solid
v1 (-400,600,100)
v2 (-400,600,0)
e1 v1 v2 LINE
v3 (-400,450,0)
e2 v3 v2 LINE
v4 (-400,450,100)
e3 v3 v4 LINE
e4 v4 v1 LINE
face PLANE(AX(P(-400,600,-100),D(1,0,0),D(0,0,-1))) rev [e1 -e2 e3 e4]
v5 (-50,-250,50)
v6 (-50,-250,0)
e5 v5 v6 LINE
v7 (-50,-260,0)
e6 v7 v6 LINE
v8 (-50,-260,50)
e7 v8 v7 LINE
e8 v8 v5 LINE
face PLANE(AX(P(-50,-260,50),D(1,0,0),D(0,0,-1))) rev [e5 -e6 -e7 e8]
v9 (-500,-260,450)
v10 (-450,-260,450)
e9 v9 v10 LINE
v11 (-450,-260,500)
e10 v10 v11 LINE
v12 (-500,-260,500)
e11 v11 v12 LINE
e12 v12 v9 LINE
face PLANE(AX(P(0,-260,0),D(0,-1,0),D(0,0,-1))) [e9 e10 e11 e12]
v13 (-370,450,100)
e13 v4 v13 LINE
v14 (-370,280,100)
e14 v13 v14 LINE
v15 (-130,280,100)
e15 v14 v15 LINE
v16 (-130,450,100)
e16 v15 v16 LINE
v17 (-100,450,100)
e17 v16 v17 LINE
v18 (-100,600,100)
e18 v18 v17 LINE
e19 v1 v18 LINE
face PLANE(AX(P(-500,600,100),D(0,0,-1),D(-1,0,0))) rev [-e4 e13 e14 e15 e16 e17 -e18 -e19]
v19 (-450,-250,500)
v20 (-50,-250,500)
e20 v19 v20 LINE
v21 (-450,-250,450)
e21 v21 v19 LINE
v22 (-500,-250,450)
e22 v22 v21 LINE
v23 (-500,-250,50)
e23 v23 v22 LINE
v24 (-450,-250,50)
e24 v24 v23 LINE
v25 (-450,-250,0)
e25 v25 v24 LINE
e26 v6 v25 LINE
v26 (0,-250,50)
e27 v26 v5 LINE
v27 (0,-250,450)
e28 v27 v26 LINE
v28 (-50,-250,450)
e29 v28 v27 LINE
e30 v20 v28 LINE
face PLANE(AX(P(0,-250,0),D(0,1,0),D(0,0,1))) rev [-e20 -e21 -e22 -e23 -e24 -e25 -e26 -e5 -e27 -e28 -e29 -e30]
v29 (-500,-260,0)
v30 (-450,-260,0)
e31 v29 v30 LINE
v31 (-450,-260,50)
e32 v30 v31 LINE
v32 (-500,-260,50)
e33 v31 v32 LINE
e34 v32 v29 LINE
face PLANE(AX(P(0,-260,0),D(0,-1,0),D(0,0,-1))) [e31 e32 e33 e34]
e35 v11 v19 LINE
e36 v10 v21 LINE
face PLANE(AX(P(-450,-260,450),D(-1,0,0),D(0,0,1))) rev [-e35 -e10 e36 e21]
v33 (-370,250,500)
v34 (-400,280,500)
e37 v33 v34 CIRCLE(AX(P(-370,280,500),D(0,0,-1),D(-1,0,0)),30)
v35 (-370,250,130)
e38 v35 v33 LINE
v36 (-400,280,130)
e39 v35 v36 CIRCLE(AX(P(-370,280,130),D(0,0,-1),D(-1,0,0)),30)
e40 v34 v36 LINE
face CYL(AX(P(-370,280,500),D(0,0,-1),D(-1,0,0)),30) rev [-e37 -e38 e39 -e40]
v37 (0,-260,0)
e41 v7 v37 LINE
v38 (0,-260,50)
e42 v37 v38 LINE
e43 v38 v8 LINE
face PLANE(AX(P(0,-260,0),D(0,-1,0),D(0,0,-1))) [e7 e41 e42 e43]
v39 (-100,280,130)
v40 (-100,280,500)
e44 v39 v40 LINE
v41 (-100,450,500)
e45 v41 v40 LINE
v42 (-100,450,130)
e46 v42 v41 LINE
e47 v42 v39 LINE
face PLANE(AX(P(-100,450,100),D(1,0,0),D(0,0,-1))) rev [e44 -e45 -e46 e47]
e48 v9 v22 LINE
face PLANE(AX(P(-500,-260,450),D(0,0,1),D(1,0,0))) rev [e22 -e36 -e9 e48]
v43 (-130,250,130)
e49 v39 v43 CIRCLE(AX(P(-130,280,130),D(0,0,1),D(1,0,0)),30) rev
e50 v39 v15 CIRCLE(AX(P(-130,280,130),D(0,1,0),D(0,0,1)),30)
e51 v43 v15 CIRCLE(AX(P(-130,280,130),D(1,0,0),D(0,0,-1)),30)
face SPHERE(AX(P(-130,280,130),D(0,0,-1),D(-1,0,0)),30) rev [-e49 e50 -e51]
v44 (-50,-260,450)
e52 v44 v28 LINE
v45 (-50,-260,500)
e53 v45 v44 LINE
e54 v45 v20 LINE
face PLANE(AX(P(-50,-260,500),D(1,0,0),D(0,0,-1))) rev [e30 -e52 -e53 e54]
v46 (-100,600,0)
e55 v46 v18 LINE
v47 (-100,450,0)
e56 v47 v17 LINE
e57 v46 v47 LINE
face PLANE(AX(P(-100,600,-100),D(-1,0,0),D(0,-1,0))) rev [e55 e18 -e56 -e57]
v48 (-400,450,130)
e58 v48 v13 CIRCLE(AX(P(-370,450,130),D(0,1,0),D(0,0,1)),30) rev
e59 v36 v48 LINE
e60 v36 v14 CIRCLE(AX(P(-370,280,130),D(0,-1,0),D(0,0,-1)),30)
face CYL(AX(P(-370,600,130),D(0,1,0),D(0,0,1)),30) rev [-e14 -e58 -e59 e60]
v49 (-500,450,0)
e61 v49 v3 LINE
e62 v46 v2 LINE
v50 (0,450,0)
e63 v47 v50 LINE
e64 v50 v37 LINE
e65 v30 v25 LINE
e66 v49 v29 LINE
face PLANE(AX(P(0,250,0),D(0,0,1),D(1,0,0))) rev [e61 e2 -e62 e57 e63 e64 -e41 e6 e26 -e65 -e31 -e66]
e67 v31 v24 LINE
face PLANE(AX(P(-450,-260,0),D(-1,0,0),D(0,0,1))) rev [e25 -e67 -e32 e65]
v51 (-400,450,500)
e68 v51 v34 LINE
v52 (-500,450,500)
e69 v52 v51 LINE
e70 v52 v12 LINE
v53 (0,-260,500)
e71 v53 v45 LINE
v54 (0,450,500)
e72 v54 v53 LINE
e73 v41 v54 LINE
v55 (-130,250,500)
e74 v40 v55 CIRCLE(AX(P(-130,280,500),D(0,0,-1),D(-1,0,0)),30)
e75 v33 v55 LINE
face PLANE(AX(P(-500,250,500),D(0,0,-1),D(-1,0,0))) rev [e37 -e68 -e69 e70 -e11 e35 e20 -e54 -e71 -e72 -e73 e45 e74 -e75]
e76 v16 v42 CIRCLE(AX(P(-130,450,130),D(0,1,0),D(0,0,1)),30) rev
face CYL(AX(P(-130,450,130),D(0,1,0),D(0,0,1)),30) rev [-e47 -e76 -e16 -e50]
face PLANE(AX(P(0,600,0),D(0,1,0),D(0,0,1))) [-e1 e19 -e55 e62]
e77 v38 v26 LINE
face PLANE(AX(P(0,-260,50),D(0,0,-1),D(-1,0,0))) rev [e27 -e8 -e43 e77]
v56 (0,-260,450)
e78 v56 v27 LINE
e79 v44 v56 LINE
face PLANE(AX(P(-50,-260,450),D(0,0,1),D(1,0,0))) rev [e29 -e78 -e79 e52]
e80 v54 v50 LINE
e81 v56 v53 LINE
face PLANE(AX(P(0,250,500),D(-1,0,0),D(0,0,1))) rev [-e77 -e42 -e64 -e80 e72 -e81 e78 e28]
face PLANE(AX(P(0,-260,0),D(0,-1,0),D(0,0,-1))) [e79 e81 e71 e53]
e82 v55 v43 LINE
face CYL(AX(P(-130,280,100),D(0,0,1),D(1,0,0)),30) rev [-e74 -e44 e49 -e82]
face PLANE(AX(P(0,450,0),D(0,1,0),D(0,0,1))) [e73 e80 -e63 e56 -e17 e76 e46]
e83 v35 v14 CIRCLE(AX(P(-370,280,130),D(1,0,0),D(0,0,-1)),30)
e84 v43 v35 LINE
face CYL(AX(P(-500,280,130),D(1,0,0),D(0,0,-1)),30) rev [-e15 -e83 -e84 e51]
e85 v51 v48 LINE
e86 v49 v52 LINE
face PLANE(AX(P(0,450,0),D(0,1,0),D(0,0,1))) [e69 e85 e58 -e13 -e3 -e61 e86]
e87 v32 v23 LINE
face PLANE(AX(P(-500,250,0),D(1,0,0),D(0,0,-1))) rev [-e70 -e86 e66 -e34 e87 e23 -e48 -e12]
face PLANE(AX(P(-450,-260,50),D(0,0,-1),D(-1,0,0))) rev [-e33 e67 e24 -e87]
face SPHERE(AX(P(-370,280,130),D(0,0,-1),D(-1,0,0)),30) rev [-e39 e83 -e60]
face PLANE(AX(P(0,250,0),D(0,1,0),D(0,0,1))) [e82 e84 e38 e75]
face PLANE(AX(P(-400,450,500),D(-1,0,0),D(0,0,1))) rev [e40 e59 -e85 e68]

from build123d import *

# Parameters (mm, degrees)
SKETCH1_W           = 500
SKETCH1_H           = 500
BOSS_EXTRUDE1_DEPTH = 250
SKETCH2_W           = 500
SKETCH2_H           = 100
BOSS_EXTRUDE2_DEPTH = 350
SKETCH3_W           = 100
SKETCH3_H           = 400
BOSS_EXTRUDE3_DEPTH = 200
SKETCH4_W           = 100
SKETCH4_H           = 400
BOSS_EXTRUDE4_DEPTH = 200
SKETCH5_W           = 100
SKETCH5_H           = 150
CUT_EXTRUDE4_DEPTH  = 200
SKETCH8_W           = 100
SKETCH8_H           = 150
CUT_EXTRUDE5_DEPTH  = 200
FILLET4_R           = 30
FILLET5_R           = 30
FILLET6_R           = 30
SKETCH9_W           = 50
SKETCH9_H           = 50
BOSS_EXTRUDE5_DEPTH = 10


with BuildPart() as part:
    # Sketch1 → Boss-Extrude1 (new body, symmetric)
    with BuildSketch(Plane(origin=(0, 0, 0), x_dir=(1, 0, 0), z_dir=(0, 1, 0))):
        with Locations((-250, -250)):
            Rectangle(SKETCH1_W, SKETCH1_H)
    extrude(amount=BOSS_EXTRUDE1_DEPTH, both=True)

    # Sketch2 → Boss-Extrude2 (add)
    with BuildSketch(Plane(origin=(0, 250, 0), x_dir=(1, 0, 0), z_dir=(0, 1, 0))):
        with Locations((-250, -50)):
            Rectangle(SKETCH2_W, SKETCH2_H)
    extrude(amount=BOSS_EXTRUDE2_DEPTH)

    # Sketch3 → Boss-Extrude3 (add)
    with BuildSketch(Plane(origin=(0, 250, 0), x_dir=(1, 0, 0), z_dir=(0, 1, 0))):
        with Locations((-450, -300)):
            Rectangle(SKETCH3_W, SKETCH3_H)
    extrude(amount=BOSS_EXTRUDE3_DEPTH)

    # Sketch4 → Boss-Extrude4 (add)
    with BuildSketch(Plane(origin=(0, 250, 0), x_dir=(1, 0, 0), z_dir=(0, 1, 0))):
        with Locations((-50, -300)):
            Rectangle(SKETCH4_W, SKETCH4_H)
    extrude(amount=BOSS_EXTRUDE4_DEPTH)

    # Sketch5 → Cut-Extrude4 (cut)
    with BuildSketch(Plane.XY.offset(100)):
        with Locations((-450, 525)):
            Rectangle(SKETCH5_W, SKETCH5_H)
    extrude(amount=-CUT_EXTRUDE4_DEPTH, mode=Mode.SUBTRACT)

    # Sketch8 → Cut-Extrude5 (cut)
    with BuildSketch(Plane.XY.offset(100)):
        with Locations((-50, 525)):
            Rectangle(SKETCH8_W, SKETCH8_H)
    extrude(amount=-CUT_EXTRUDE5_DEPTH, mode=Mode.SUBTRACT)

    # Fillet4
    fillet4_edges = [part.edges().sort_by_distance(p)[0] for p in [
        (-400, 250, 300),
    ]]
    fillet(fillet4_edges, radius=FILLET4_R)

    # Fillet5
    fillet5_edges = [part.edges().sort_by_distance(p)[0] for p in [
        (-100, 250, 300),
    ]]
    fillet(fillet5_edges, radius=FILLET5_R)

    # Fillet6
    fillet6_edges = [part.edges().sort_by_distance(p)[0] for p in [
        (-108.786796564, 258.786796564, 100),
        (-400, 365, 100),
        (-100, 365, 100),
        (-250, 250, 100),
        (-391.213203436, 258.786796564, 100),
    ]]
    fillet(fillet6_edges, radius=FILLET6_R)

    # Sketch9 → Boss-Extrude5 (add)
    with BuildSketch(Plane.XZ.offset(250)):
        with Locations((-475, 475)):
            Rectangle(SKETCH9_W, SKETCH9_H)
        with Locations((-475, 25)):
            Rectangle(SKETCH9_W, SKETCH9_H)
        with Locations((-25, 25)):
            Rectangle(SKETCH9_W, SKETCH9_H)
        with Locations((-25, 475)):
            Rectangle(SKETCH9_W, SKETCH9_H)
    extrude(amount=BOSS_EXTRUDE5_DEPTH)


solid = part.part
